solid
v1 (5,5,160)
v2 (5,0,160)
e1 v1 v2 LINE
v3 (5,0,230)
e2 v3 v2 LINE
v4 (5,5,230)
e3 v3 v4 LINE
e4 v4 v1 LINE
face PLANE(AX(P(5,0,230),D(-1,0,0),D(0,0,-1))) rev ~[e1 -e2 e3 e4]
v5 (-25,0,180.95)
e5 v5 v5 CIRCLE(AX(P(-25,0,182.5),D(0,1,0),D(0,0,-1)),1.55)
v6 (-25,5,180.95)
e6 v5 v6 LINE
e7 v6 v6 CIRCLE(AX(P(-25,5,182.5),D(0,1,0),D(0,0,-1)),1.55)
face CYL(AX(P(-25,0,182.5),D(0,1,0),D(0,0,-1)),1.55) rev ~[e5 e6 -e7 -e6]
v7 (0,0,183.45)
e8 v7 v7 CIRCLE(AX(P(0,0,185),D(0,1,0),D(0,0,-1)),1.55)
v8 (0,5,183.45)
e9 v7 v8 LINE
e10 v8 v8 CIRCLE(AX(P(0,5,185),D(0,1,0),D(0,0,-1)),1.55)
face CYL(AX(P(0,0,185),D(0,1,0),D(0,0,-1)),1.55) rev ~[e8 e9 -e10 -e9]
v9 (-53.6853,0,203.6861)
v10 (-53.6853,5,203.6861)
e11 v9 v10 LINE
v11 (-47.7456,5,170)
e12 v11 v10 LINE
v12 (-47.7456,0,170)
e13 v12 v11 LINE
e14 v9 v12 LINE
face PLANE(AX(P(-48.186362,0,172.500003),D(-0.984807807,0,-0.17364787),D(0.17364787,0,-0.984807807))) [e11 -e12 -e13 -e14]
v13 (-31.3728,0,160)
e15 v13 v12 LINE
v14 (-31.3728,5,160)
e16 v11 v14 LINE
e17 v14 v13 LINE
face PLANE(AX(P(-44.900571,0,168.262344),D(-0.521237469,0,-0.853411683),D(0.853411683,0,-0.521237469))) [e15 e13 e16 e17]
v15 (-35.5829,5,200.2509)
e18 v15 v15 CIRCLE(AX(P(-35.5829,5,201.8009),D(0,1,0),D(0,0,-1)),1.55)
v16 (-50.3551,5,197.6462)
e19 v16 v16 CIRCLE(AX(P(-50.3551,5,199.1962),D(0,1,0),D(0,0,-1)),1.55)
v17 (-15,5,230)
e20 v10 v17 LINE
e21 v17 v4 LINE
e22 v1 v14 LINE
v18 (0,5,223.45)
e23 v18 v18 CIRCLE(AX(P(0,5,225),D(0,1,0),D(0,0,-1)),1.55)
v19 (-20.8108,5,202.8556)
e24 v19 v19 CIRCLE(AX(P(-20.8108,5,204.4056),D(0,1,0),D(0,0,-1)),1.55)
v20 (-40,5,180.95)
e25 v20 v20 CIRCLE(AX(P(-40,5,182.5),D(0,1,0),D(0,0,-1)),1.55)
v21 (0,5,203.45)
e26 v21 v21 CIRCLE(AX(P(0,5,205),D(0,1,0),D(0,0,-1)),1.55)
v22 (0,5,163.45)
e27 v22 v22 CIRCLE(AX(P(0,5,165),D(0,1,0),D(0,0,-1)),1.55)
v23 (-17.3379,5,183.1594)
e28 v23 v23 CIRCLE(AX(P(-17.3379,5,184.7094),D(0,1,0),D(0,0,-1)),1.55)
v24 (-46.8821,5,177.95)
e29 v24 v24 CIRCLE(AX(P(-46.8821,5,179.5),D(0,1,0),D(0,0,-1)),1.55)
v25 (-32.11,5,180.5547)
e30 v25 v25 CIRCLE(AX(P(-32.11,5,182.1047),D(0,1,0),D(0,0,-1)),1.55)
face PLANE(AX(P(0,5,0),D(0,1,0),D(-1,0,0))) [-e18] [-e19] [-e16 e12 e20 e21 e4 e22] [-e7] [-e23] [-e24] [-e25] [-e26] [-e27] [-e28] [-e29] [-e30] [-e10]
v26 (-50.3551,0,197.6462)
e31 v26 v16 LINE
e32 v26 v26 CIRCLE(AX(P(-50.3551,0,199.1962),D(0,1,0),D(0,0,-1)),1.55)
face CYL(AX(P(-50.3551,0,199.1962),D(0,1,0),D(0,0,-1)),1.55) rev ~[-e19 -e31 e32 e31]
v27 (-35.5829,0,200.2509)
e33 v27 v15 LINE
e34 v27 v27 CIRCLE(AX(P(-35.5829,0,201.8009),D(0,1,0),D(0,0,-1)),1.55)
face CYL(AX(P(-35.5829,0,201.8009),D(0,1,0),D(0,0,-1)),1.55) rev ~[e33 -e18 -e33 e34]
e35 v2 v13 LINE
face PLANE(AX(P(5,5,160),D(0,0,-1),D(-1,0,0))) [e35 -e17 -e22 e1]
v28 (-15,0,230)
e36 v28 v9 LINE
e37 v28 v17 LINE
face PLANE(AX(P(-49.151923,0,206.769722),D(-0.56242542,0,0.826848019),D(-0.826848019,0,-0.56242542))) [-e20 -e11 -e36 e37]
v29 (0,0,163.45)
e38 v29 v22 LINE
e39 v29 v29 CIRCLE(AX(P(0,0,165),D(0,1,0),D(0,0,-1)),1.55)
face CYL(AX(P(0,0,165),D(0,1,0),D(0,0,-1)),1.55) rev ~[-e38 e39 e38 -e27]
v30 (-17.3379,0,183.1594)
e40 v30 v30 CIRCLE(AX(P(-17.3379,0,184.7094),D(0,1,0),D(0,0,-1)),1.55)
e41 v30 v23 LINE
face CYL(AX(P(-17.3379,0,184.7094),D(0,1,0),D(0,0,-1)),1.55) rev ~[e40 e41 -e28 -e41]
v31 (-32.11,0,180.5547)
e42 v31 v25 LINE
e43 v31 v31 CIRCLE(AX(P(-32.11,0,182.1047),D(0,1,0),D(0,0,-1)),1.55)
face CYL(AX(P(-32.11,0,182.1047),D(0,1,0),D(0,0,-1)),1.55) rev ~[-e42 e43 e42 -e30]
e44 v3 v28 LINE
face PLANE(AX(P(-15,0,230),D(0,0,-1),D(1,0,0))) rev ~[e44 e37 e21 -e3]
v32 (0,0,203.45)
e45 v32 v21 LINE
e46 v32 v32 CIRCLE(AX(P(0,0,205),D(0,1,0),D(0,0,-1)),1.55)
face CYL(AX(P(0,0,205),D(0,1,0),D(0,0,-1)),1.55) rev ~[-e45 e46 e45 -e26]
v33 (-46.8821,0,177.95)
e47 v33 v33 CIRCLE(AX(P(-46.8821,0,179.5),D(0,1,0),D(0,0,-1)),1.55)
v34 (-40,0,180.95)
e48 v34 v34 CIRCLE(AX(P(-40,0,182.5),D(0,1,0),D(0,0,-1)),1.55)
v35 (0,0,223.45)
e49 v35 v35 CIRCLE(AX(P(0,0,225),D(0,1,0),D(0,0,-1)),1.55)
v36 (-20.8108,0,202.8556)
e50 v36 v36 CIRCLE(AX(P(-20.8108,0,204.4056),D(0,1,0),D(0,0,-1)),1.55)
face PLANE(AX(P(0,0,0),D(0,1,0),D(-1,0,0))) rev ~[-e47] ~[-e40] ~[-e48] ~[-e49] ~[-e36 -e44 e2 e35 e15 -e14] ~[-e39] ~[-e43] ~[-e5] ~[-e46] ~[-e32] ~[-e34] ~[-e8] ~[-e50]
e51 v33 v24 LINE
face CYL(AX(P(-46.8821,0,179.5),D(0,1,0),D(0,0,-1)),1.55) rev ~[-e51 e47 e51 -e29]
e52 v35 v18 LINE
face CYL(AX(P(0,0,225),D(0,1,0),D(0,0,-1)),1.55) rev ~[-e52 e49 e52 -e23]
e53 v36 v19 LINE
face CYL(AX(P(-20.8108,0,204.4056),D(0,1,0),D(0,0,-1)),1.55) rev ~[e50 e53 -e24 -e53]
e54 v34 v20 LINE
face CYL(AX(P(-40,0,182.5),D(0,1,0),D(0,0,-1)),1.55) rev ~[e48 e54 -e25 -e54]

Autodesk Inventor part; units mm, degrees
ref_plane "YZ Plane" through (0, 0, 0) normal (1, 0, 0) x (0, 1, 0)
ref_plane "XZ Plane" through (0, 0, 0) normal (0, 1, 0) x (-1, 0, 0)
ref_plane "XY Plane" through (0, 0, 0) normal (0, 0, 1) x (1, 0, 0)
sketch "スケッチ1" plane through (0, 0, 0) normal (0, 1, 0) x (-1, 0, 0)
  circle A0 centre (0, 0) radius 122.5
  line L0 (0, 0) -> (21.2719, 120.6389)
  line L1 (21.2719, 120.6389) -> (-21.2719, -120.6389)
  line L2 (21.2719, 120.6389) -> (-41.166, -233.4643)
  arc A1 (21.2719, 120.6389) -> (0, 122.5) centre (0, 0) ccw
  arc A2 (-21.2719, -120.6389) -> (0, -122.5) centre (0, 0) ccw
  arc A3 (-41.8975, -115.1123) -> (-21.2719, -120.6389) centre (0, 0) ccw
  circle A4 centre (0, 0) radius 125
  circle A5 centre (0, 0) radius 145
  arc A6 (-42.7525, -117.4616) -> (-105.9051, -66.4011) centre (0, 0) ccw
  line L3 (0, 0) -> (-42.7525, -117.4616) construction
  line L4 (21.706, 123.101) -> (21.706, 123.101)
  line L5 (0, -145) -> (0, -265.735)
  line L6 (0, 0) -> (-41.8975, -115.1123)
  line L7 (-49.5929, -136.2554) -> (-41.8975, -115.1123)
  line L8 (-42.7525, -117.4616) -> (-231.4975, -48.764)
  line L9 (42.7525, 117.4616) -> (0, 0)
  line L10 (0, -145) -> (0, 145)
  line L11 (0, 0) -> (0, 300)
  circle A7 centre (0, 300) radius 20
  line L12 (117.0937, 43.75) -> (18.735, 307)
  line L13 (0, 0) -> (185.4327, 0)
  line L14 (0, 0) -> (-259.4726, 94.4403)
  line L15 (42.7525, 117.4616) -> (-253.7236, 225.3701)
  line L16 (0, 125) -> (22.0409, 125)
  line L17 (21.2719, 120.6389) -> (25.179, 142.7971)
  line L18 (42.7525, 117.4616) -> (65.8461, 180.9106)
  line L19 (15, 170) -> (69.9226, 170)
  line L20 (15.9946, 175) -> (68.0545, 175)
  line L21 (0, 125) -> (-15, 125)
  line L22 (-15, 125) -> (-15, 325)
  line L23 (-15, 325) -> (0, 325)
  line L24 (0, 325) -> (0, 125)
  line L25 (0, 125) -> (15, 125)
  line L26 (15, 125) -> (15, 325)
  line L27 (15, 325) -> (0, 325)
  line L28 (0, 325) -> (0, 125)
  line L29 (15, 200) -> (15, 325)
  line L30 (15, 325) -> (-15, 325)
  line L31 (-15, 325) -> (-15, 150)
  line L32 (15, 170) -> (37.5, 170)
  line L33 (37.5, 170) -> (17.5, 170)
  line L34 (0, 0) -> (0, 300)
  line L35 (0, -125) -> (42.7525, 117.4616)
  line L36 (-42.7525, -117.4616) -> (0, 125)
  line L37 (0, -125) -> (-3.519, -144.9573)
  line L38 (42.7525, 117.4616) -> (49.5929, 136.2554)
  line L39 (0, 125) -> (3.519, 144.9573)
  line L40 (-42.7525, -117.4616) -> (-46.2715, -137.4189)
  line L41 (42.7525, 117.4616) -> (46.2715, 137.4189)
  line L42 (-3.519, -144.9573) -> (46.2715, 137.4189)
  line L43 (46.2715, 137.4189) -> (37.2054, 139.0175)
  line L44 (-12.5852, -143.3587) -> (-3.519, -144.9573)
  line L45 (-46.2715, -137.4189) -> (3.519, 144.9573)
  line L46 (3.519, 144.9573) -> (12.5852, 143.3587)
  line L47 (-37.2054, -139.0175) -> (-46.2715, -137.4189)
  line L48 (-27.6373, -142.3418) -> (-22.7132, -143.21)
  line L49 (-27.6373, -142.3418) -> (-22.7132, -143.21)
  line L50 (-22.7132, -143.21) -> (27.641, 142.363)
  line L51 (27.641, 142.363) -> (22.717, 143.2312)
  line L52 (22.717, 143.2312) -> (-27.6373, -142.3418)
  line L53 (12.5852, 143.3587) -> (-37.2054, -139.0175)
  line L54 (-12.5852, -143.3587) -> (37.2054, 139.0175)
  line L55 (-42.1294, -138.1492) -> (7.6611, 144.2269)
  line L56 (-7.6611, -144.2269) -> (42.1294, 138.1492)
  line L57 (12.5852, 143.3587) -> (7.6611, 144.2269)
  line L58 (7.6611, 144.2269) -> (29.236, 266.5842)
  line L59 (29.236, 266.5842) -> (34.1601, 265.7159)
  line L60 (34.1601, 265.7159) -> (12.5852, 143.3587)
  line L61 (22.717, 143.2312) -> (25.179, 142.7971)
  line L62 (25.179, 142.7971) -> (42.462, 240.8141)
  line L63 (42.462, 240.8141) -> (40, 241.2482)
  line L64 (40, 241.2482) -> (22.717, 143.2312)
  line L65 (42.1294, 138.1492) -> (37.2054, 139.0175)
  line L66 (37.2054, 139.0175) -> (49.9319, 211.1932)
  line L67 (49.9319, 211.1932) -> (54.8559, 210.3249)
  line L68 (54.8559, 210.3249) -> (42.1294, 138.1492)
  line L69 (25.179, 142.7971) -> (27.641, 142.363)
  line L70 (27.641, 142.363) -> (44.508, 238.0204)
  line L71 (44.508, 238.0204) -> (42.046, 238.4546)
  line L72 (42.046, 238.4546) -> (25.179, 142.7971)
  line L73 (15.9946, 175) -> (15, 175)
  line L74 (15, 175) -> (0, 175)
  line L75 (0, 175) -> (0, 170)
  line L76 (0, 170) -> (15, 170)
  line L77 (15, 170) -> (15, 175)
  line L78 (20, 175) -> (40, 175)
  line L79 (40, 175) -> (40, 245)
  line L80 (40, 245) -> (20, 245)
  line L81 (20, 245) -> (20, 175)
  line L82 (30, 175) -> (30, 118.7697)
  line L83 (0, 175) -> (58.7137, 175)
  line L84 (58.7137, 175) -> (58.7137, 200)
  line L85 (58.7137, 200) -> (0, 200)
  line L86 (0, 200) -> (0, 175)
  line L87 (0, 200) -> (50, 200)
  line L88 (50, 200) -> (50, 170)
  line L89 (50, 170) -> (0, 170)
  line L90 (0, 170) -> (0, 200)
  line L91 (50, 170) -> (0, 170)
  line L92 (0, 170) -> (0, 165)
  line L93 (0, 200) -> (-15, 200)
  line L94 (-15, 200) -> (-15, 180)
  line L95 (-15, 180) -> (0, 180)
  line L96 (0, 180) -> (0, 200)
  line L97 (0, 180) -> (-15, 180)
  line L98 (-15, 180) -> (-15, 175)
  line L99 (-15, 175) -> (0, 175)
  line L100 (0, 175) -> (0, 180)
  line L101 (0, 145) -> (-15, 145)
  line L102 (-15, 145) -> (-20.5, 145)
  line L103 (-20.5, 145) -> (-20.5, 200)
  line L104 (-20.5, 200) -> (-15, 200)
  line L105 (-15, 200) -> (-15, 145)
  line L106 (-20.5, 150) -> (-25, 150)
  line L107 (-25, 150) -> (-25, 180)
  line L108 (-25, 180) -> (-20.5, 180)
  line L109 (-20.5, 180) -> (-20.5, 150)
  line L110 (50, 175) -> (-15, 175)
  line L111 (-15, 175) -> (-15, 170)
  line L112 (50, 170) -> (50, 175)
  line L113 (-20.5, 165) -> (-25, 165)
  line L114 (-25, 165) -> (-25, 195)
  line L115 (-25, 195) -> (-20.5, 195)
  line L116 (-20.5, 195) -> (-20.5, 165)
  line L117 (15, 230) -> (-15, 230)
  line L118 (-15, 145) -> (15, 145)
  line L119 (31.698, 266.1501) -> (-39.6674, -138.5834)
  line L120 (52.3939, 210.7591) -> (-10.1232, -143.7928)
  line L121 (49.3441, 179.0659) -> (14.8758, 185.1436)
  line L122 (-15, 138.4818) -> (-15, 121.5782)
  line L123 (-7.6611, -144.2269) -> (-42.1294, -138.1492)
  line L124 (-39.6243, -123.9424) -> (-5.1561, -130.02)
  line L125 (-42.2291, -138.7145) -> (-7.7608, -144.7922)
  line L126 (-41.3608, -133.7904) -> (-6.8926, -139.8681)
  line L127 (-6.0243, -134.9441) -> (-40.4926, -128.8664)
  line L128 (18.3488, 204.8397) -> (52.8171, 198.762)
  line L129 (50.2124, 183.9899) -> (45.0029, 154.4457)
  line L130 (10.5346, 160.5234) -> (15.7441, 190.0676)
  line L131 (19.217, 209.7638) -> (53.6853, 203.6861)
  line L132 (15, 230) -> (53.6853, 203.6861)
  line L133 (53.6853, 203.6861) -> (53.6853, 170)
  line L134 (53.6853, 170) -> (-15, 170)
  line L135 (-15, 172.5) -> (53.6853, 172.5)
  line L136 (15, 170) -> (15, 150)
  line L137 (15, 150) -> (-15, 150)
  line L138 (-15, 170) -> (15, 170)
  line L139 (15, 150) -> (-15, 150)
  line L140 (-15, 150) -> (-15, 325)
  line L141 (-15, 325) -> (15, 325)
  line L142 (15, 325) -> (15, 150)
  circle A8 centre (0, 300) radius 6
  circle A9 centre (0, 300) radius 11
  line L143 (47.7456, 170) -> (15, 150)
  point P0 (-25.1752, -142.7759)
  point P1 (42.3116, 114.9608)
  point P2 (0, 133.0222)
  point P3 (-38.8988, -134.2246)
  point P4 (-38.0306, -129.3005)
  point P5 (-23.2585, -131.9052)
  point P6 (-24.1267, -136.8293)
  point P7 (-9.3546, -139.434)
  point P8 (-8.4863, -134.51)
  point P9 (17.3379, 184.7094)
  point P10 (32.11, 182.1047)
  point P11 (46.8821, 179.5)
  point P12 (50.3551, 199.1962)
  point P13 (35.5829, 201.8009)
  point P14 (20.8108, 204.4056)
  point P15 (0, 225)
  point P16 (0, 190)
  point P17 (0, 289)
  point P18 (0, 311)
  point P19 (37.5, 172.5)
  point P20 (22.5, 172.5)
  point P21 (47.7456, 170)
  point P22 (-15, 230)
  point P23 (20, 185.4103)
  point P24 (20, 184.24)
  point P25 (19.7999, 184.2753)
  point P26 (30, 170.1385)
  point P27 (30, 170)
  point P28 (29.9756, 170)
  point P29 (15, 185.8477)
  point P30 (15, 185.1217)
  dimension "d0" = 245
  dimension "d7" = 290
  dimension "d19" = 40
  dimension "d1" = 0
  dimension "d6" = 250
  dimension "d10" = 0
  dimension "d12" = 0
  dimension "d13" = 10
  dimension "d15" = 0
  dimension "d16" = 9.8877
  dimension "d18" = 10
  dimension "d21" = 145
  dimension "d23" = 175
  dimension "d26" = 7.5384
  dimension "d30" = 180
  dimension "d34" = 180
  dimension "d35" = 45
  dimension "d37" = 5
  dimension "d38" = 15
  dimension "d39" = 200
  dimension "d40" = 15
  dimension "d41" = 200
  dimension "d47" = 300
  dimension "d52" = 5
  dimension "d53" = 0
  dimension "d54" = 10
  dimension "d55" = 10
  dimension "d56" = 5
  dimension "d57" = 5
  dimension "d60" = 5
  dimension "d61" = 20
  dimension "d62" = 70
  dimension "d63" = 5
  dimension "d65" = 25
  dimension "d66" = 50
  dimension "d68" = 20
  dimension "d69" = 5
  dimension "d74" = 20
  dimension "d75" = 5.5
  dimension "d76" = 55
  dimension "d77" = 4.5
  dimension "d78" = 30
  dimension "d79" = 5
  dimension "d82" = 15
  dimension "d83" = 30
  dimension "d89" = 10.5222
  dimension "d92" = 15
  dimension "d93" = 5
  dimension "d94" = 5
  dimension "d96" = 4.5
  dimension "d97" = 5
  dimension "d98" = 30
  dimension "d99" = 5
  dimension "d101" = 20
  dimension "d102" = 10
  dimension "d103" = 20
  dimension "d104" = 12
  dimension "d105" = 22
  dimension "d106" = 7.5
  dimension "d107" = 15
  dimension "d108" = 30
extrude "押し出し1" add sketch "スケッチ1" along normal blind 5 contours L143 L66 L19 L120 | L120 L19 L143 | L19 L120 L135 L68 | L143 L70 L19 L66 | L19 L66 L135 L120 | L135 L120 L20 L68 | L19 L70 L135 L66 | L143 L82 L19 L70 | L135 L66 L20 L120 | L20 L120 L121 L68 | L143 L62 L19 L82 | L68 L85 L120 L131 | L131 L120 L132 | L68 L128 L120 L85 | L88 L120 L128 L68 | L68 L121 L120 L88 | L135 L70 L20 L66 | L19 L82 L62 L135 L70 | L20 L66 L121 L120 | L143 L64 L19 L62 | L19 L62 L82 | L132 L66 L131 L79 L70 | L70 L79 L132 | L120 L131 L66 L132 | L120 L85 L66 L131 | L120 L128 L88 L85 | L120 L121 L66 L128 L88 | L88 L128 L120 | L20 L79 L121 L66 | L135 L62 L20 L70 | L143 L26 L60 L19 L64 | L19 L64 L135 L82 L62 | L82 L135 L62 | L79 L131 L70 | L70 L131 L62 L132 L79 | L66 L85 L128 L79 L131 | L88 L128 L66 L85 | L20 L70 L121 L79 | L121 L79 L85 L128 L66 | L20 L62 L121 L70 | L135 L82 L20 L62 | L19 L60 L135 L64 | L137 L60 L26 | L135 L64 L20 L82 | L132 L64 L131 L60 | L60 L131 L119 L132 | L131 L79 L128 L70 | L70 L128 L62 L131 | L62 L131 L64 L132 | L66 L128 L85 | L121 L70 L85 L79 | L20 L64 L121 L62 | L121 L62 L85 L70 | L135 L60 L20 L64 | L60 L137 L119 L76 L26 | L26 L19 L60 | L119 L131 L81 L58 L132 | L131 L64 L128 L60 | L60 L128 L119 L131 | L128 L79 L85 L70 | L70 L85 L62 L128 | L62 L128 L64 L131 | L128 L85 L79 | L121 L64 L85 L62 | L19 L26 L119 L135 L60 | L20 L81 L121 L64 | L135 L119 L73 L20 L60 | L76 L119 L26 | L137 L58 L76 L119 | L132 L81 L58 L85 L26 | L26 L85 L11 L117 | L58 L81 L132 | L119 L128 L81 L131 | L128 L64 L85 L60 | L60 L85 L119 L128 | L62 L85 L64 L128 | L121 L81 L60 L85 L64 | L20 L60 L121 L81 | L20 L73 L119 L121 L60 | L135 L26 L73 L119 | L119 L26 L135 | L119 L76 L58 L135 L26 | L137 L11 L76 L58 | L11 L93 L22 L117 | L85 L58 L26 | L26 L58 L74 L11 L85 | L81 L131 L58 | L119 L85 L81 L128 | L81 L128 L58 L131 | L60 L81 L119 L85 | L121 L60 L81 | L137 L22 L134 L11 | L121 L119 L81 L60 | L73 L26 L121 L119 | L135 L58 L74 L26 | L76 L11 L135 L58 | L11 L95 L22 L93 | L58 L85 L81 L119 L121 L26 | L26 L121 L58 | L58 L128 L81 L85 | L119 L81 L85 | L74 L58 L121 L26 | L135 L11 L74 L58 | L134 L22 L135 L11 | L11 L99 L22 L95 | L135 L22 L99 L11
hole "穴1" at (0, 0, -125) at (-42.3116, 0, 114.9608) at (0, 0, 133.0222) at (0, 0, 122.5) at (38.8988, 0, -134.2246) at (38.0306, 0, -129.3005) at (23.2585, 0, -131.9052) at (24.1267, 0, -136.8293) at (9.3546, 0, -139.434) at (8.4863, 0, -134.51) at (-17.3379, 0, 184.7094) at (-32.11, 0, 182.1047) at (-46.8821, 0, 179.5) at (-50.3551, 0, 199.1962) at (-35.5829, 0, 201.8009) at (-20.8108, 0, 204.4056) at (0, 0, 225) at (0, 0, 289) at (0, 0, 300) at (0, 0, 311) direction (0, 1, 0) diameter 3.1 end through all
sketch "スケッチ3" plane through (0, 0, 0) normal (0, -1, 0) x (1, 0, 0)
  line L0 (0, 0) -> (0, 300) projected
  line L1 (15, 150) -> (-15, 150) projected
  line L2 (-5, 150) -> (-5, 230)
  line L3 (-15, 230) -> (15, 230) projected
  point P0 (0, 0)
  point P1 (0, 165)
  point P2 (0, 165)
  point P3 (0, 185)
  point P4 (0, 205)
  point P5 (-5, 165.0635)
  point P6 (-5, 185.0635)
  point P7 (-5, 205)
  dimension "d118" = 15
  dimension "d136" = 20
  dimension "d138" = 20
  dimension "d139" = 10
  dimension "d140" = 20
hole "穴2" at (0, 0, 165) at (0, 0, 185) at (0, 0, 205) direction (0, 1, 0) diameter 3.1 end through all
sketch "スケッチ4" plane through (0, 0, 0) normal (0, -1, 0) x (1, 0, 0)
  line L0 (-15, 230) -> (15, 230) projected
  line L1 (5, 230) -> (5, 150)
  line L2 (15, 150) -> (-15, 150) projected
  line L3 (15, 230) -> (15, 150) projected
  circle A0 centre (0, 165) radius 1.55 projected
  circle A1 centre (0, 225) radius 1.55 projected
  circle A2 centre (-20.8108, 204.4056) radius 1.55 projected
  circle A3 centre (-35.5829, 201.8009) radius 1.55 projected
  circle A4 centre (-50.3551, 199.1962) radius 1.55 projected
  circle A5 centre (-46.8821, 179.5) radius 1.55 projected
  circle A6 centre (-32.11, 182.1047) radius 1.55 projected
  circle A7 centre (-17.3379, 184.7094) radius 1.55 projected
  line L4 (15, 150) -> (-15, 150) projected
  line L5 (15, 230) -> (15, 150) projected
  line L6 (-15, 230) -> (15, 230) projected
  line L7 (-53.6853, 203.6861) -> (-15, 230) projected
  line L8 (-47.7456, 170) -> (-53.6853, 203.6861) projected
  line L9 (-15, 150) -> (-47.7456, 170) projected
  point P0 (0, 0)
  dimension "d133" = 10
extrude "押し出し2" cut sketch "スケッチ4" against normal blind 5 contours L0 L3 L2 L1
sketch "スケッチ6" plane through (0, 0, 0) normal (0, -1, 0) x (1, 0, 0)
  line L0 (5, 150) -> (5, 230) projected
  line L1 (5, 182.5) -> (-49.9496, 182.5)
  line L2 (-47.7456, 170) -> (-53.6853, 203.6861) projected
  line L3 (15, 172.5) -> (-53.6853, 172.5) projected
  line L4 (5, 150) -> (5, 230) projected
  line L5 (-15, 230) -> (5, 230) projected
  line L6 (-53.6853, 203.6861) -> (-15, 230) projected
  line L7 (-47.7456, 170) -> (-53.6853, 203.6861) projected
  line L8 (-15, 150) -> (-47.7456, 170) projected
  line L9 (5, 150) -> (-15, 150) projected
  circle A0 centre (-17.3379, 184.7094) radius 1.55 projected
  circle A1 centre (-32.11, 182.1047) radius 1.55 projected
  circle A2 centre (-46.8821, 179.5) radius 1.55 projected
  circle A3 centre (-50.3551, 199.1962) radius 1.55 projected
  circle A4 centre (-35.5829, 201.8009) radius 1.55 projected
  circle A5 centre (-20.8108, 204.4056) radius 1.55 projected
  circle A6 centre (0, 225) radius 1.55 projected
  circle A7 centre (0, 165) radius 1.55 projected
  circle A8 centre (0, 185) radius 1.55 projected
  circle A9 centre (0, 205) radius 1.55 projected
  line L10 (-15, 125) -> (-15, 325) projected
  point P0 (0, 0)
  point P1 (-40, 182.5)
  point P2 (-25, 182.5)
  dimension "d142" = 20
  dimension "d143" = 15
  dimension "d144" = 10
hole "穴4" at (-25, 0, 182.5) at (-40, 0, 182.5) direction (0, 1, 0) diameter 3.1 end through all
sketch "スケッチ7" plane through (0, 5, 0) normal (0, 1, 0) x (1, 0, 0)
  circle A0 centre (-40, -182.5) radius 1.55 projected
  circle A1 centre (-25, -182.5) radius 1.55 projected
  line L0 (5, -230) -> (5, -150) projected
  line L1 (5, -150) -> (-15, -150) projected
  line L2 (-15, -150) -> (-47.7456, -170) projected
  line L3 (-47.7456, -170) -> (-53.6853, -203.6861) projected
  line L4 (-53.6853, -203.6861) -> (-15, -230) projected
  line L5 (-15, -230) -> (5, -230) projected
  circle A2 centre (0, -205) radius 1.55 projected
  circle A3 centre (0, -185) radius 1.55 projected
  circle A4 centre (0, -165) radius 1.55 projected
  circle A5 centre (0, -225) radius 1.55 projected
  circle A6 centre (-20.8108, -204.4056) radius 1.55 projected
  circle A7 centre (-35.5829, -201.8009) radius 1.55 projected
  circle A8 centre (-50.3551, -199.1962) radius 1.55 projected
  circle A9 centre (-46.8821, -179.5) radius 1.55 projected
  circle A10 centre (-32.11, -182.1047) radius 1.55 projected
  circle A11 centre (-17.3379, -184.7094) radius 1.55 projected
  line L6 (5, -160) -> (-31.3728, -160)
  line L7 (-15, -150) -> (-47.7456, -170) projected
  point P0 (0, 0)
  dimension "d152" = 10
extrude "押し出し3" cut sketch "スケッチ7" against normal blind 5 contours L6 L2 L1 L0
equation "\"d18\" = d13"
properties part number "hand2_04" material "アルミニウム 6061-AHC"
